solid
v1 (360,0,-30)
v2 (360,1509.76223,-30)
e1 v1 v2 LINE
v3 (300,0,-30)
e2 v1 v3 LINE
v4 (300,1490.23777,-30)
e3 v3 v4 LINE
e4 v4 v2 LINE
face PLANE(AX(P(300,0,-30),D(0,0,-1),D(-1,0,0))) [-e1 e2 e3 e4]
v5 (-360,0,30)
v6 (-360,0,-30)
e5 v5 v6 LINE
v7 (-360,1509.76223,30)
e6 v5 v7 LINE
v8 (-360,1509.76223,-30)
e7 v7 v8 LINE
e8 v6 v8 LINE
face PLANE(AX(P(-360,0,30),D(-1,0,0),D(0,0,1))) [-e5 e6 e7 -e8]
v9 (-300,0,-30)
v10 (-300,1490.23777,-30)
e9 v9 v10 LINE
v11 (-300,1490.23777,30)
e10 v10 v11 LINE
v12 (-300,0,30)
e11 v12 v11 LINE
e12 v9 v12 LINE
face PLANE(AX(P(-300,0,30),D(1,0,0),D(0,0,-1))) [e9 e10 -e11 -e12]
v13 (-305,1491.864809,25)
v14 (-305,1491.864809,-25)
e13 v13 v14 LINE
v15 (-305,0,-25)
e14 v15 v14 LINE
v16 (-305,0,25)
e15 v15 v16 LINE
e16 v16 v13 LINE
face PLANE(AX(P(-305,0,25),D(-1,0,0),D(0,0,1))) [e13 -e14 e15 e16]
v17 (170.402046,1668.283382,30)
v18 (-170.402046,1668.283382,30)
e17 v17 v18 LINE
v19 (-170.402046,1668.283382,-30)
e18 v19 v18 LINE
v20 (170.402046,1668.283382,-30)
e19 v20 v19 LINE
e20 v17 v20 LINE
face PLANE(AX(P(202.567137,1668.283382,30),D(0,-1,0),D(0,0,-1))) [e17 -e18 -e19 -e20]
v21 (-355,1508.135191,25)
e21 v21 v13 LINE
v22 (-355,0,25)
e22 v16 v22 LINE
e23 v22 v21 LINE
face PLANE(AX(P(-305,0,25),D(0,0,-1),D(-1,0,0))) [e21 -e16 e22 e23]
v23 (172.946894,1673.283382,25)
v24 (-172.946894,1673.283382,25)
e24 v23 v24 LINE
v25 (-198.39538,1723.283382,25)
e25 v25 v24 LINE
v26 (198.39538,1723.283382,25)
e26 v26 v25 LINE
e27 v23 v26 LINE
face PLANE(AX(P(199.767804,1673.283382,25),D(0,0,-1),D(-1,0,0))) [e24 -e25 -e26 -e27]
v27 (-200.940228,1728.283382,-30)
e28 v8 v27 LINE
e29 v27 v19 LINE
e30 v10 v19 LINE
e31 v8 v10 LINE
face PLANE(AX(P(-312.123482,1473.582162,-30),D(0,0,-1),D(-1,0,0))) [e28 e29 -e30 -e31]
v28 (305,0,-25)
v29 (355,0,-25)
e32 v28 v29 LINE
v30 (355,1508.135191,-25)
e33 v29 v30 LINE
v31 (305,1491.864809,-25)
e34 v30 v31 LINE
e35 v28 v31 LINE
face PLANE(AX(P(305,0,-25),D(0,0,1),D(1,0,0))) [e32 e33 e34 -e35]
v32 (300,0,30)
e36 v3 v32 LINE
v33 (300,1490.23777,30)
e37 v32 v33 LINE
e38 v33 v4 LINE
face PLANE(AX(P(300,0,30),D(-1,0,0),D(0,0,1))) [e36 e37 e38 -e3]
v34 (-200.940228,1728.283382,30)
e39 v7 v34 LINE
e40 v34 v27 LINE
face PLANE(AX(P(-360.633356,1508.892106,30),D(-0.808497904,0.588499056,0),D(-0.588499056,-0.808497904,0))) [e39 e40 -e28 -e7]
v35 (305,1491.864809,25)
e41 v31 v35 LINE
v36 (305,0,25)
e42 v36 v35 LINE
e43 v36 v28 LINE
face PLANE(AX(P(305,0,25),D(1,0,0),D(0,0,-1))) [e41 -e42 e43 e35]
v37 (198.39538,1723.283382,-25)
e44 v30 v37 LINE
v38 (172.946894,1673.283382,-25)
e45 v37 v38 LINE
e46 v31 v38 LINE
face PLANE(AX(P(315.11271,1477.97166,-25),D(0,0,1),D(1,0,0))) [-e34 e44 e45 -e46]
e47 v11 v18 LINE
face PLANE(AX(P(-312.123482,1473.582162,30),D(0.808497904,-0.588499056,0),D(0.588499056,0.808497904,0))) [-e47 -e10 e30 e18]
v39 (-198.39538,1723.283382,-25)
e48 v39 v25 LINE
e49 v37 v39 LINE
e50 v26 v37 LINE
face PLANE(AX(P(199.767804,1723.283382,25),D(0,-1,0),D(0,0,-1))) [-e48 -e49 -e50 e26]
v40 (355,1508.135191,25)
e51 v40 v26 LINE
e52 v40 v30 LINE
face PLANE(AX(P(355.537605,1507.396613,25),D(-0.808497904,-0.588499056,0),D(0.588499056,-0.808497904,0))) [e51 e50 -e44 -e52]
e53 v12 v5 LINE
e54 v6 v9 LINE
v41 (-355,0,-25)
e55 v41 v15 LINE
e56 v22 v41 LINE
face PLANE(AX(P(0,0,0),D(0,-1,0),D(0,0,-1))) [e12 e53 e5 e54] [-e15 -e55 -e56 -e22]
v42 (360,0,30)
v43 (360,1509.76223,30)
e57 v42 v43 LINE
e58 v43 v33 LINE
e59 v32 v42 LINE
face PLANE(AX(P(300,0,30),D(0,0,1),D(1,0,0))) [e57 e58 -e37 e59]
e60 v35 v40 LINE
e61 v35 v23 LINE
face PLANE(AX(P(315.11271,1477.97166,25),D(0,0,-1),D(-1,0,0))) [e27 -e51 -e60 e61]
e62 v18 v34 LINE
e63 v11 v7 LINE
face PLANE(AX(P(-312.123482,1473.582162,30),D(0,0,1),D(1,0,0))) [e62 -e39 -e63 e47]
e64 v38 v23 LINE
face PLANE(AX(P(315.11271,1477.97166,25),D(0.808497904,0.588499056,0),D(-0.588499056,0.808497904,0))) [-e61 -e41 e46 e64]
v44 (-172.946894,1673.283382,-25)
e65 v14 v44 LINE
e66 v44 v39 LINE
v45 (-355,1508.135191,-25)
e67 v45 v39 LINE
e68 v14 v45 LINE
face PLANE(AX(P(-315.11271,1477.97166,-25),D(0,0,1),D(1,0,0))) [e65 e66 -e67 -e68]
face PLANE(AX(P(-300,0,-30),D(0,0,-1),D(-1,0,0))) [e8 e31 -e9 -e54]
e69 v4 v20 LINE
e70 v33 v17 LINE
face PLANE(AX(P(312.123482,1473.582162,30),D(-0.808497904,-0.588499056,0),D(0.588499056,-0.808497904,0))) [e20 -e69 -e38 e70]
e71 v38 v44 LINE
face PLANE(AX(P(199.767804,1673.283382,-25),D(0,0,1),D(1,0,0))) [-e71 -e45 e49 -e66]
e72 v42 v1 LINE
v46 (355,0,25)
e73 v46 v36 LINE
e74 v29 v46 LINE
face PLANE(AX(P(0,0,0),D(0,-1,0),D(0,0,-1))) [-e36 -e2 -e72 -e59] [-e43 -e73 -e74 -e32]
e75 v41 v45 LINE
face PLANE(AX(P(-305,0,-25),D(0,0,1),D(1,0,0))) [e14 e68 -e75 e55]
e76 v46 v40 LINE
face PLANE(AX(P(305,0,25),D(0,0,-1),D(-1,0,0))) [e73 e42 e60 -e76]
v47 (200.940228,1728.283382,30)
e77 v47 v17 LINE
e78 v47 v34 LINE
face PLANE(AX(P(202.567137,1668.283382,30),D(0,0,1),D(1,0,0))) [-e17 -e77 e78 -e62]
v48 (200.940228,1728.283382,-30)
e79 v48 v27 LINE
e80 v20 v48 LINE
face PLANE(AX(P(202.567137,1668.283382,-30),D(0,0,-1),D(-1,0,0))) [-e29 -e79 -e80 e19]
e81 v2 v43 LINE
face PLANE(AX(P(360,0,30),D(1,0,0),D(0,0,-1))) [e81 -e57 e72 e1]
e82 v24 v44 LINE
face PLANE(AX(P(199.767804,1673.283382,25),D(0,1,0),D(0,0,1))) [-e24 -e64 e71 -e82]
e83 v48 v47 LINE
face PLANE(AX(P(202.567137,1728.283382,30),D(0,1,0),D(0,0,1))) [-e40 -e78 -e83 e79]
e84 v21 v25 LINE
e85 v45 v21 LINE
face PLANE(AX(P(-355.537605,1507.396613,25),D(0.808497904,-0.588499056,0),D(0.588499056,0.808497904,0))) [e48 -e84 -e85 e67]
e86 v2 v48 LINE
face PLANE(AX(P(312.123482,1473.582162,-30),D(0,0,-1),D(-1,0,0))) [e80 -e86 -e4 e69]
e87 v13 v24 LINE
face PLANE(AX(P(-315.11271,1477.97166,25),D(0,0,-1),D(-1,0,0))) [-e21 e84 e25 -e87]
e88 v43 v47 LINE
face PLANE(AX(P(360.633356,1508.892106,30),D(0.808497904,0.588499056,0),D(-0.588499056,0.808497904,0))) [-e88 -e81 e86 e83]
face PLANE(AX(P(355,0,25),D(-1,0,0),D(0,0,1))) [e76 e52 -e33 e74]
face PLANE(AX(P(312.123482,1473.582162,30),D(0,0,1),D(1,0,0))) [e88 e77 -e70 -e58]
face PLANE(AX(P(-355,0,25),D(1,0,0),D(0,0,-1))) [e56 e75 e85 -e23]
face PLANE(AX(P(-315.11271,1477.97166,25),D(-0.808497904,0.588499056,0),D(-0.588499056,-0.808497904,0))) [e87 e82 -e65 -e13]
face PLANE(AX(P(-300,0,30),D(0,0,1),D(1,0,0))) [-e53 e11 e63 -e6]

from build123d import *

# Parameters (mm, degrees)
SKETCH2_W   = 60
SKETCH2_H   = 60
SKETCH2_W_2 = 50
SKETCH2_H_2 = 50


with BuildPart() as part:
    # Sweep1: sweep along a path in Sketch1
    with BuildLine(Plane.XY) as sweep1_path:
        Line((330, 0), (330, 1500))
        Line((330, 1500), (185.671137026, 1698.283381924))
        Line((185.671137026, 1698.283381924), (0, 1698.283381924))
    # Sketch2 → Sweep1 (sweep)
    with BuildSketch(Plane(origin=(0, 0, 0), x_dir=(1, 0, 0), z_dir=(0, 1, 0))):
        with Locations((330, 0)):
            Rectangle(SKETCH2_W, SKETCH2_H)
        with Locations((330, 0)):
            Rectangle(SKETCH2_W_2, SKETCH2_H_2, mode=Mode.SUBTRACT)
    sweep1 = sweep(path=sweep1_path.line, transition=Transition.RIGHT)

    # Mirror1: Sweep1 across plane
    add(sweep1.mirror(Plane(origin=(0, 0, 0), x_dir=(0, 0, 1), z_dir=(1, 0, 0))))


solid = part.part
